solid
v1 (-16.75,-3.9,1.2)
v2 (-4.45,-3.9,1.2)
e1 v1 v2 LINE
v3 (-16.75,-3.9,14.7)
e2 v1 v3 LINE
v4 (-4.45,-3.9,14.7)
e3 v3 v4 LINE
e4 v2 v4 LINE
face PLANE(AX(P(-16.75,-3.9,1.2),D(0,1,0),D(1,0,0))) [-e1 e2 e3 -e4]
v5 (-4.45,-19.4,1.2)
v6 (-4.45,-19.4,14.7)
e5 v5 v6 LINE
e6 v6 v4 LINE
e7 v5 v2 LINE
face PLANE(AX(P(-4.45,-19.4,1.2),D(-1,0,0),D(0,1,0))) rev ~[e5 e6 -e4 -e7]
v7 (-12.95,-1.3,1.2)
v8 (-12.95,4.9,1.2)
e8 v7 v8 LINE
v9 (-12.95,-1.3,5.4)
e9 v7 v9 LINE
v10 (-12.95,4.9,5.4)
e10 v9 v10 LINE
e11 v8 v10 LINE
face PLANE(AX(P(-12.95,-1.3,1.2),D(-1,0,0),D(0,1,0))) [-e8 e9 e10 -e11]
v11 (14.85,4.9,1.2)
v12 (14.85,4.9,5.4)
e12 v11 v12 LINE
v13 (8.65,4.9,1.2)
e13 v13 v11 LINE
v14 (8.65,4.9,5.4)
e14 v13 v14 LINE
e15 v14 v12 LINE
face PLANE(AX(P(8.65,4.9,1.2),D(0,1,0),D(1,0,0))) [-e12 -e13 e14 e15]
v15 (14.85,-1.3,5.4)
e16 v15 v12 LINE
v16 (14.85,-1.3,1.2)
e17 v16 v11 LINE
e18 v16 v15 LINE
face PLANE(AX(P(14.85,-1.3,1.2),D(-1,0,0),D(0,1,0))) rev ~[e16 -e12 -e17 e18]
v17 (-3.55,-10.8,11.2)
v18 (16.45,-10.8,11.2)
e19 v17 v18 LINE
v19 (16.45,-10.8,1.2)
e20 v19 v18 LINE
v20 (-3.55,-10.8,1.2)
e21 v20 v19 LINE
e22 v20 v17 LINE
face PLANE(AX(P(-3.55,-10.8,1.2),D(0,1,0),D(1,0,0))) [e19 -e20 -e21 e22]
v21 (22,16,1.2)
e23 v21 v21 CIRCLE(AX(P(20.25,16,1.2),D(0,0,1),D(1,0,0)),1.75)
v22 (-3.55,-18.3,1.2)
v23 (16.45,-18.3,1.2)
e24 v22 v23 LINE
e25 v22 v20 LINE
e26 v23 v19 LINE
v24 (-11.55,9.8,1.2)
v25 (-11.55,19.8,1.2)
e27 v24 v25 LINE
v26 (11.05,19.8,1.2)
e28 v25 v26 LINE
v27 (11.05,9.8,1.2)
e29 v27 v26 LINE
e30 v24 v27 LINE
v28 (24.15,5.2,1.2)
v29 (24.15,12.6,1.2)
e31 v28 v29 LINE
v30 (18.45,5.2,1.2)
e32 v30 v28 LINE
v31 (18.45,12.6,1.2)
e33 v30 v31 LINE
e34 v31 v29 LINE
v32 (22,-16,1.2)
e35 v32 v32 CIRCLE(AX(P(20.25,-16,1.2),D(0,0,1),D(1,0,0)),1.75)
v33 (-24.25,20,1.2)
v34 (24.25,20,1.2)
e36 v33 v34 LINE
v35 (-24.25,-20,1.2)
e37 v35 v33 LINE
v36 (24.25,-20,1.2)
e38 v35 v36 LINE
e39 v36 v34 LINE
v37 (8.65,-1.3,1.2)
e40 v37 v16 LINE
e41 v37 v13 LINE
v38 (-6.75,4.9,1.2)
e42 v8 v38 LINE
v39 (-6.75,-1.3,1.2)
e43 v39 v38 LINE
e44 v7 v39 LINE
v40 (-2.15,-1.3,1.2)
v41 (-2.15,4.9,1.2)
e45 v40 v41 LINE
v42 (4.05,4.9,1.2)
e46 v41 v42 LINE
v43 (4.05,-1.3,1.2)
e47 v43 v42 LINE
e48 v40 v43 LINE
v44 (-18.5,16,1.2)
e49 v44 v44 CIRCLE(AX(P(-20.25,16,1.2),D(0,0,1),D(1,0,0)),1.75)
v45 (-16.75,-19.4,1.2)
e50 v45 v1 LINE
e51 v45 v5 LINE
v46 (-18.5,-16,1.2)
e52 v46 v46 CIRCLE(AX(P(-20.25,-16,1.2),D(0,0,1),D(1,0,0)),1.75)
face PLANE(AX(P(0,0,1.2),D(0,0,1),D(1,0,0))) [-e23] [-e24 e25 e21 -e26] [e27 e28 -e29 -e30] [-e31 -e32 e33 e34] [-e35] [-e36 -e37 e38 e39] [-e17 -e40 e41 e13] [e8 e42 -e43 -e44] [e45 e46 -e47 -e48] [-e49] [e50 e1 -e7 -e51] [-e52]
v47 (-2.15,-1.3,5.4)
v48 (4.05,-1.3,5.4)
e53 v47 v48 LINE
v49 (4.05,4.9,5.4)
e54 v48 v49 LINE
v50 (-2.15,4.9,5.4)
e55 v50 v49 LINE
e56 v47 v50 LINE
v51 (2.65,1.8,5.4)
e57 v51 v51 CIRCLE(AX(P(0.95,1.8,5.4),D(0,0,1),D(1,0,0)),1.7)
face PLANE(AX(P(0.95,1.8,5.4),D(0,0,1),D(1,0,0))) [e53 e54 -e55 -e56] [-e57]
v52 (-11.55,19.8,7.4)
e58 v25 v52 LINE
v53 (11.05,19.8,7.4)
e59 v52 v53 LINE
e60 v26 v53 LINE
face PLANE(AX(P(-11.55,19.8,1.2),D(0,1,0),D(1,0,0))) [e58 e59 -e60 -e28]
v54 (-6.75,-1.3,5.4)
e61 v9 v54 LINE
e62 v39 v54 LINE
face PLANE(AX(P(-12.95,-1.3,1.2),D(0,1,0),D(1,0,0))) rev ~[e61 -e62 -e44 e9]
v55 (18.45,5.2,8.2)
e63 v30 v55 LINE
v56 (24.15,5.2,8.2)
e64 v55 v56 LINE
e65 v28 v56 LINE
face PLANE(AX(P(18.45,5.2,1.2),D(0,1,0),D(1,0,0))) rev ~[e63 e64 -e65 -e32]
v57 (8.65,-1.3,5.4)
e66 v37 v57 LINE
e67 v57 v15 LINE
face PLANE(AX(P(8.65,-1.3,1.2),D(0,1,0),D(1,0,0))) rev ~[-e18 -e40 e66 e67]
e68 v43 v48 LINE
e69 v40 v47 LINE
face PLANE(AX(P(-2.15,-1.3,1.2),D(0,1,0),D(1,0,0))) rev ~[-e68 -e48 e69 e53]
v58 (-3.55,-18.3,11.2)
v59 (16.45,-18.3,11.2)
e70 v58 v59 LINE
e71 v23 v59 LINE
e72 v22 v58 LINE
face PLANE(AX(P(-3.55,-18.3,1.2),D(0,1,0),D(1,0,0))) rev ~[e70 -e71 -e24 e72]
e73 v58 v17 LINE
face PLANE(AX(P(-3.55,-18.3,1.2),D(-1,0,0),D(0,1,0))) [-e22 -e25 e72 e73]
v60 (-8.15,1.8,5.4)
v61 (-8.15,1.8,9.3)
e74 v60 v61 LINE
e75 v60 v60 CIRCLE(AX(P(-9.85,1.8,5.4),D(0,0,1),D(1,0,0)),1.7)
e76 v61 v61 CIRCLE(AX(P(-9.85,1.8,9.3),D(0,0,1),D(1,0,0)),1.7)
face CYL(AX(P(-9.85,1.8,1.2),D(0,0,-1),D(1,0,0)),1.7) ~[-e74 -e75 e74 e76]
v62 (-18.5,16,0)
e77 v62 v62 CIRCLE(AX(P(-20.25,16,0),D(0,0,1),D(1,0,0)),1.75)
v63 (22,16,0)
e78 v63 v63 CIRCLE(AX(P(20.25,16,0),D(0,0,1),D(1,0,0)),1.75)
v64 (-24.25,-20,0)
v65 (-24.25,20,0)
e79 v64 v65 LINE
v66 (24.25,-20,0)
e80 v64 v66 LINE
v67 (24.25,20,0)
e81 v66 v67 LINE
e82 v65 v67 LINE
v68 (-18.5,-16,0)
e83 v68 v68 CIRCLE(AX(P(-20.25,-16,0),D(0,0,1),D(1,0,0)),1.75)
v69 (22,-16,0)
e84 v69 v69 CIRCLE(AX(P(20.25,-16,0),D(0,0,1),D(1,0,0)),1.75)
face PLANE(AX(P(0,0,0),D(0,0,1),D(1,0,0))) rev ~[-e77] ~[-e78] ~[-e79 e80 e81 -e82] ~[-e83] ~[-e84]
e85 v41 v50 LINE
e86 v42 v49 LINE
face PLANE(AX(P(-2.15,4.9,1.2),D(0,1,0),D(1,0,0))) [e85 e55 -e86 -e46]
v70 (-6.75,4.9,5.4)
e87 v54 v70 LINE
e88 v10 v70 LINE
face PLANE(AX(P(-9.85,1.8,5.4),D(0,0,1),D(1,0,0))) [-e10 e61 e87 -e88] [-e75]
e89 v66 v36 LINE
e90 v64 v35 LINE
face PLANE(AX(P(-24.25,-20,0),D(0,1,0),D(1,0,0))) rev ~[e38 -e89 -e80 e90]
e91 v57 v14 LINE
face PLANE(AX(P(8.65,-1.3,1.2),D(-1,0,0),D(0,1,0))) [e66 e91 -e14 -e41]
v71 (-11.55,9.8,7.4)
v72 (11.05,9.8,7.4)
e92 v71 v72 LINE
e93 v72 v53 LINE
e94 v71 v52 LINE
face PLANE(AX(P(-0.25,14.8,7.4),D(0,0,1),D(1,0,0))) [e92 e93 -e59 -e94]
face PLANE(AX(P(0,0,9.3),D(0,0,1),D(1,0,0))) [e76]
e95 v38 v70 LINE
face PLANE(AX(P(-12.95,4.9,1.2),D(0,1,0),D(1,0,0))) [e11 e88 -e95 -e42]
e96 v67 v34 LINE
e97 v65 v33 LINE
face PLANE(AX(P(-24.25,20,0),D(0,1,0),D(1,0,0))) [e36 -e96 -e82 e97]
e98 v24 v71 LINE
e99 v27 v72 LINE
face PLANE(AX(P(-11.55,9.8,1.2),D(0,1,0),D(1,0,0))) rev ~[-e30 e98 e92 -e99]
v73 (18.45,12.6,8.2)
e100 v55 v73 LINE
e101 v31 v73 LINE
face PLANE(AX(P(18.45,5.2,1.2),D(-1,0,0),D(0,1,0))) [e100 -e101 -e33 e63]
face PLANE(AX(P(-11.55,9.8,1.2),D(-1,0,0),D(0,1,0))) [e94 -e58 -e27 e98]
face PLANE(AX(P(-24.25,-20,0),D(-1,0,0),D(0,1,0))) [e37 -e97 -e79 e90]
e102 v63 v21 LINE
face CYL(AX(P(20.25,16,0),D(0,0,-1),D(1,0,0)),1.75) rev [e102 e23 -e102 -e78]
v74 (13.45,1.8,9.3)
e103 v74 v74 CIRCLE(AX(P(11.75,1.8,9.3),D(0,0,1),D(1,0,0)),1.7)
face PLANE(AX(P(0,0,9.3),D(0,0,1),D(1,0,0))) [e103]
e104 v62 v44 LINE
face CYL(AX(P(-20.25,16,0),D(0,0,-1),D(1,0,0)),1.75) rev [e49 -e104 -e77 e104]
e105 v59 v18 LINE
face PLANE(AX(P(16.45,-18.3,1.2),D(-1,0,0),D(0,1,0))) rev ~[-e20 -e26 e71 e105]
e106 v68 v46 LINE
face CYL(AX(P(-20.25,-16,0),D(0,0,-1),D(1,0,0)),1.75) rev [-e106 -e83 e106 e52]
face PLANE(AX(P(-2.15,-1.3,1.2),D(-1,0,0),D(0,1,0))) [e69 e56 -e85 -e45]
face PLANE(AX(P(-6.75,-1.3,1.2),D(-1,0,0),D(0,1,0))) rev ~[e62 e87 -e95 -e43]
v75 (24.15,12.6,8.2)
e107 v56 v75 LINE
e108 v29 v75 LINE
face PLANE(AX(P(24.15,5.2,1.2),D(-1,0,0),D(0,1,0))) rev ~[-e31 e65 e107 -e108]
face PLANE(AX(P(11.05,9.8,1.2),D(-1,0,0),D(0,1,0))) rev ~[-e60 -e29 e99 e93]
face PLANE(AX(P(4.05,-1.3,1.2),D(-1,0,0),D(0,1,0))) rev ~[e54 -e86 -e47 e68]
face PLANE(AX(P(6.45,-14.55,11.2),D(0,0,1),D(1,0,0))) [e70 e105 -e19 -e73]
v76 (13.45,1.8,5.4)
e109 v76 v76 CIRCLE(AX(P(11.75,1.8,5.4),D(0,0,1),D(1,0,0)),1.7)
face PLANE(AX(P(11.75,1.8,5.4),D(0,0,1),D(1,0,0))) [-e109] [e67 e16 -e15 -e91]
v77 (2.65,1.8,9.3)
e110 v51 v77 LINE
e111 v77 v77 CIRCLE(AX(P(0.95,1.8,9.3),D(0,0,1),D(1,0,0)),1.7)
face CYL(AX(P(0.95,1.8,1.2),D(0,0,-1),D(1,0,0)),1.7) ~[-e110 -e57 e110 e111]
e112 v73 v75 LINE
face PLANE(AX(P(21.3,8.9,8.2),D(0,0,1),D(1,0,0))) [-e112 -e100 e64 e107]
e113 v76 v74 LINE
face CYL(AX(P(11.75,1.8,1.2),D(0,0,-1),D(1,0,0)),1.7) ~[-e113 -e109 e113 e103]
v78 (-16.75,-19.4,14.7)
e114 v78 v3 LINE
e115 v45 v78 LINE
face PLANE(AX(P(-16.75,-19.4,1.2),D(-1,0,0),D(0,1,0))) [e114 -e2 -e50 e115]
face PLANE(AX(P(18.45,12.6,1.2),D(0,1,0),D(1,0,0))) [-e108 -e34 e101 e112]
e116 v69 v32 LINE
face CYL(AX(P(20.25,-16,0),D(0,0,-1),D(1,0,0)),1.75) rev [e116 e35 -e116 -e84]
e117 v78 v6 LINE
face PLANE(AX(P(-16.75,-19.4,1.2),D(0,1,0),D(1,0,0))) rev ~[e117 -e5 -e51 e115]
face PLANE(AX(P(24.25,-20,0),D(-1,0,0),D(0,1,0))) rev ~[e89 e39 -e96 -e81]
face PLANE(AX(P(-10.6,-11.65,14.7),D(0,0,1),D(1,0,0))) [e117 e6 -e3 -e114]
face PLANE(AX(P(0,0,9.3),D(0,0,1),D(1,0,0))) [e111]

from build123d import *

# Parameters (mm, degrees)
F0_W      = 48.5
F0_H      = 40
F0_R      = 1.75
F1_DEPTH  = 1.2
F2_W      = 22.6
F2_H      = 10
F3_DEPTH  = 6.2
F4_W      = 5.7
F4_H      = 7.4
F5_DEPTH  = 7
F6_W      = 20
F6_H      = 7.5
F7_DEPTH  = 10
F8_W      = 12.3
F8_H      = 15.5
F9_DEPTH  = 13.5
F10_W     = 6.2
F10_H     = 6.2
F10_R     = 1.7
F11_DEPTH = 4.2
F12_DEPTH = 8.1


with BuildPart() as f1:
    # F0 (on Top) → F1 (new body)
    with BuildSketch(Plane.XY):
        Rectangle(F0_W, F0_H)
        with Locations((-20.25, -16)):
            Circle(F0_R, mode=Mode.SUBTRACT)
        with Locations((20.25, -16)):
            Circle(F0_R, mode=Mode.SUBTRACT)
        with Locations((-20.25, 16)):
            Circle(F0_R, mode=Mode.SUBTRACT)
        with Locations((20.25, 16)):
            Circle(F0_R, mode=Mode.SUBTRACT)
    extrude(amount=F1_DEPTH)

    # F2 (on face) → F3 (join)
    with BuildSketch(Plane.XY.offset(1.2)):
        with Locations((-0.25, 14.8)):
            Rectangle(F2_W, F2_H)
    extrude(amount=F3_DEPTH)

    # F4 (on face) → F5 (join)
    with BuildSketch(Plane.XY.offset(1.2)):
        with Locations((21.3, 8.9)):
            Rectangle(F4_W, F4_H)
    extrude(amount=F5_DEPTH)

    # F6 (on face) → F7 (join)
    with BuildSketch(Plane.XY.offset(1.2)):
        with Locations((6.45, -14.55)):
            Rectangle(F6_W, F6_H)
    extrude(amount=F7_DEPTH)

    # F8 (on face) → F9 (join)
    with BuildSketch(Plane.XY.offset(1.2)):
        with Locations((-10.6, -11.65)):
            Rectangle(F8_W, F8_H)
    extrude(amount=F9_DEPTH)

    # F10 (on face) → F11 (join)
    with BuildSketch(Plane.XY.offset(1.2)):
        with Locations((11.75, 1.8)):
            Rectangle(F10_W, F10_H)
        with Locations((11.75, 1.8)):
            Circle(F10_R, mode=Mode.SUBTRACT)
        with Locations((0.95, 1.8)):
            Rectangle(F10_W, F10_H)
        with Locations((0.95, 1.8)):
            Circle(F10_R, mode=Mode.SUBTRACT)
        with Locations((-9.85, 1.8)):
            Rectangle(F10_W, F10_H)
        with Locations((-9.85, 1.8)):
            Circle(F10_R, mode=Mode.SUBTRACT)
    extrude(amount=F11_DEPTH)

    # F12 (add): faces of the model
    f12_faces = [f1.faces().sort_by_distance(p)[0] for p in [
        (-9.85, 1.8, 1.2),
        (0.95, 1.8, 1.2),
        (11.75, 1.8, 1.2),
    ]]
    extrude(f12_faces, amount=F12_DEPTH)


solid = f1.part
